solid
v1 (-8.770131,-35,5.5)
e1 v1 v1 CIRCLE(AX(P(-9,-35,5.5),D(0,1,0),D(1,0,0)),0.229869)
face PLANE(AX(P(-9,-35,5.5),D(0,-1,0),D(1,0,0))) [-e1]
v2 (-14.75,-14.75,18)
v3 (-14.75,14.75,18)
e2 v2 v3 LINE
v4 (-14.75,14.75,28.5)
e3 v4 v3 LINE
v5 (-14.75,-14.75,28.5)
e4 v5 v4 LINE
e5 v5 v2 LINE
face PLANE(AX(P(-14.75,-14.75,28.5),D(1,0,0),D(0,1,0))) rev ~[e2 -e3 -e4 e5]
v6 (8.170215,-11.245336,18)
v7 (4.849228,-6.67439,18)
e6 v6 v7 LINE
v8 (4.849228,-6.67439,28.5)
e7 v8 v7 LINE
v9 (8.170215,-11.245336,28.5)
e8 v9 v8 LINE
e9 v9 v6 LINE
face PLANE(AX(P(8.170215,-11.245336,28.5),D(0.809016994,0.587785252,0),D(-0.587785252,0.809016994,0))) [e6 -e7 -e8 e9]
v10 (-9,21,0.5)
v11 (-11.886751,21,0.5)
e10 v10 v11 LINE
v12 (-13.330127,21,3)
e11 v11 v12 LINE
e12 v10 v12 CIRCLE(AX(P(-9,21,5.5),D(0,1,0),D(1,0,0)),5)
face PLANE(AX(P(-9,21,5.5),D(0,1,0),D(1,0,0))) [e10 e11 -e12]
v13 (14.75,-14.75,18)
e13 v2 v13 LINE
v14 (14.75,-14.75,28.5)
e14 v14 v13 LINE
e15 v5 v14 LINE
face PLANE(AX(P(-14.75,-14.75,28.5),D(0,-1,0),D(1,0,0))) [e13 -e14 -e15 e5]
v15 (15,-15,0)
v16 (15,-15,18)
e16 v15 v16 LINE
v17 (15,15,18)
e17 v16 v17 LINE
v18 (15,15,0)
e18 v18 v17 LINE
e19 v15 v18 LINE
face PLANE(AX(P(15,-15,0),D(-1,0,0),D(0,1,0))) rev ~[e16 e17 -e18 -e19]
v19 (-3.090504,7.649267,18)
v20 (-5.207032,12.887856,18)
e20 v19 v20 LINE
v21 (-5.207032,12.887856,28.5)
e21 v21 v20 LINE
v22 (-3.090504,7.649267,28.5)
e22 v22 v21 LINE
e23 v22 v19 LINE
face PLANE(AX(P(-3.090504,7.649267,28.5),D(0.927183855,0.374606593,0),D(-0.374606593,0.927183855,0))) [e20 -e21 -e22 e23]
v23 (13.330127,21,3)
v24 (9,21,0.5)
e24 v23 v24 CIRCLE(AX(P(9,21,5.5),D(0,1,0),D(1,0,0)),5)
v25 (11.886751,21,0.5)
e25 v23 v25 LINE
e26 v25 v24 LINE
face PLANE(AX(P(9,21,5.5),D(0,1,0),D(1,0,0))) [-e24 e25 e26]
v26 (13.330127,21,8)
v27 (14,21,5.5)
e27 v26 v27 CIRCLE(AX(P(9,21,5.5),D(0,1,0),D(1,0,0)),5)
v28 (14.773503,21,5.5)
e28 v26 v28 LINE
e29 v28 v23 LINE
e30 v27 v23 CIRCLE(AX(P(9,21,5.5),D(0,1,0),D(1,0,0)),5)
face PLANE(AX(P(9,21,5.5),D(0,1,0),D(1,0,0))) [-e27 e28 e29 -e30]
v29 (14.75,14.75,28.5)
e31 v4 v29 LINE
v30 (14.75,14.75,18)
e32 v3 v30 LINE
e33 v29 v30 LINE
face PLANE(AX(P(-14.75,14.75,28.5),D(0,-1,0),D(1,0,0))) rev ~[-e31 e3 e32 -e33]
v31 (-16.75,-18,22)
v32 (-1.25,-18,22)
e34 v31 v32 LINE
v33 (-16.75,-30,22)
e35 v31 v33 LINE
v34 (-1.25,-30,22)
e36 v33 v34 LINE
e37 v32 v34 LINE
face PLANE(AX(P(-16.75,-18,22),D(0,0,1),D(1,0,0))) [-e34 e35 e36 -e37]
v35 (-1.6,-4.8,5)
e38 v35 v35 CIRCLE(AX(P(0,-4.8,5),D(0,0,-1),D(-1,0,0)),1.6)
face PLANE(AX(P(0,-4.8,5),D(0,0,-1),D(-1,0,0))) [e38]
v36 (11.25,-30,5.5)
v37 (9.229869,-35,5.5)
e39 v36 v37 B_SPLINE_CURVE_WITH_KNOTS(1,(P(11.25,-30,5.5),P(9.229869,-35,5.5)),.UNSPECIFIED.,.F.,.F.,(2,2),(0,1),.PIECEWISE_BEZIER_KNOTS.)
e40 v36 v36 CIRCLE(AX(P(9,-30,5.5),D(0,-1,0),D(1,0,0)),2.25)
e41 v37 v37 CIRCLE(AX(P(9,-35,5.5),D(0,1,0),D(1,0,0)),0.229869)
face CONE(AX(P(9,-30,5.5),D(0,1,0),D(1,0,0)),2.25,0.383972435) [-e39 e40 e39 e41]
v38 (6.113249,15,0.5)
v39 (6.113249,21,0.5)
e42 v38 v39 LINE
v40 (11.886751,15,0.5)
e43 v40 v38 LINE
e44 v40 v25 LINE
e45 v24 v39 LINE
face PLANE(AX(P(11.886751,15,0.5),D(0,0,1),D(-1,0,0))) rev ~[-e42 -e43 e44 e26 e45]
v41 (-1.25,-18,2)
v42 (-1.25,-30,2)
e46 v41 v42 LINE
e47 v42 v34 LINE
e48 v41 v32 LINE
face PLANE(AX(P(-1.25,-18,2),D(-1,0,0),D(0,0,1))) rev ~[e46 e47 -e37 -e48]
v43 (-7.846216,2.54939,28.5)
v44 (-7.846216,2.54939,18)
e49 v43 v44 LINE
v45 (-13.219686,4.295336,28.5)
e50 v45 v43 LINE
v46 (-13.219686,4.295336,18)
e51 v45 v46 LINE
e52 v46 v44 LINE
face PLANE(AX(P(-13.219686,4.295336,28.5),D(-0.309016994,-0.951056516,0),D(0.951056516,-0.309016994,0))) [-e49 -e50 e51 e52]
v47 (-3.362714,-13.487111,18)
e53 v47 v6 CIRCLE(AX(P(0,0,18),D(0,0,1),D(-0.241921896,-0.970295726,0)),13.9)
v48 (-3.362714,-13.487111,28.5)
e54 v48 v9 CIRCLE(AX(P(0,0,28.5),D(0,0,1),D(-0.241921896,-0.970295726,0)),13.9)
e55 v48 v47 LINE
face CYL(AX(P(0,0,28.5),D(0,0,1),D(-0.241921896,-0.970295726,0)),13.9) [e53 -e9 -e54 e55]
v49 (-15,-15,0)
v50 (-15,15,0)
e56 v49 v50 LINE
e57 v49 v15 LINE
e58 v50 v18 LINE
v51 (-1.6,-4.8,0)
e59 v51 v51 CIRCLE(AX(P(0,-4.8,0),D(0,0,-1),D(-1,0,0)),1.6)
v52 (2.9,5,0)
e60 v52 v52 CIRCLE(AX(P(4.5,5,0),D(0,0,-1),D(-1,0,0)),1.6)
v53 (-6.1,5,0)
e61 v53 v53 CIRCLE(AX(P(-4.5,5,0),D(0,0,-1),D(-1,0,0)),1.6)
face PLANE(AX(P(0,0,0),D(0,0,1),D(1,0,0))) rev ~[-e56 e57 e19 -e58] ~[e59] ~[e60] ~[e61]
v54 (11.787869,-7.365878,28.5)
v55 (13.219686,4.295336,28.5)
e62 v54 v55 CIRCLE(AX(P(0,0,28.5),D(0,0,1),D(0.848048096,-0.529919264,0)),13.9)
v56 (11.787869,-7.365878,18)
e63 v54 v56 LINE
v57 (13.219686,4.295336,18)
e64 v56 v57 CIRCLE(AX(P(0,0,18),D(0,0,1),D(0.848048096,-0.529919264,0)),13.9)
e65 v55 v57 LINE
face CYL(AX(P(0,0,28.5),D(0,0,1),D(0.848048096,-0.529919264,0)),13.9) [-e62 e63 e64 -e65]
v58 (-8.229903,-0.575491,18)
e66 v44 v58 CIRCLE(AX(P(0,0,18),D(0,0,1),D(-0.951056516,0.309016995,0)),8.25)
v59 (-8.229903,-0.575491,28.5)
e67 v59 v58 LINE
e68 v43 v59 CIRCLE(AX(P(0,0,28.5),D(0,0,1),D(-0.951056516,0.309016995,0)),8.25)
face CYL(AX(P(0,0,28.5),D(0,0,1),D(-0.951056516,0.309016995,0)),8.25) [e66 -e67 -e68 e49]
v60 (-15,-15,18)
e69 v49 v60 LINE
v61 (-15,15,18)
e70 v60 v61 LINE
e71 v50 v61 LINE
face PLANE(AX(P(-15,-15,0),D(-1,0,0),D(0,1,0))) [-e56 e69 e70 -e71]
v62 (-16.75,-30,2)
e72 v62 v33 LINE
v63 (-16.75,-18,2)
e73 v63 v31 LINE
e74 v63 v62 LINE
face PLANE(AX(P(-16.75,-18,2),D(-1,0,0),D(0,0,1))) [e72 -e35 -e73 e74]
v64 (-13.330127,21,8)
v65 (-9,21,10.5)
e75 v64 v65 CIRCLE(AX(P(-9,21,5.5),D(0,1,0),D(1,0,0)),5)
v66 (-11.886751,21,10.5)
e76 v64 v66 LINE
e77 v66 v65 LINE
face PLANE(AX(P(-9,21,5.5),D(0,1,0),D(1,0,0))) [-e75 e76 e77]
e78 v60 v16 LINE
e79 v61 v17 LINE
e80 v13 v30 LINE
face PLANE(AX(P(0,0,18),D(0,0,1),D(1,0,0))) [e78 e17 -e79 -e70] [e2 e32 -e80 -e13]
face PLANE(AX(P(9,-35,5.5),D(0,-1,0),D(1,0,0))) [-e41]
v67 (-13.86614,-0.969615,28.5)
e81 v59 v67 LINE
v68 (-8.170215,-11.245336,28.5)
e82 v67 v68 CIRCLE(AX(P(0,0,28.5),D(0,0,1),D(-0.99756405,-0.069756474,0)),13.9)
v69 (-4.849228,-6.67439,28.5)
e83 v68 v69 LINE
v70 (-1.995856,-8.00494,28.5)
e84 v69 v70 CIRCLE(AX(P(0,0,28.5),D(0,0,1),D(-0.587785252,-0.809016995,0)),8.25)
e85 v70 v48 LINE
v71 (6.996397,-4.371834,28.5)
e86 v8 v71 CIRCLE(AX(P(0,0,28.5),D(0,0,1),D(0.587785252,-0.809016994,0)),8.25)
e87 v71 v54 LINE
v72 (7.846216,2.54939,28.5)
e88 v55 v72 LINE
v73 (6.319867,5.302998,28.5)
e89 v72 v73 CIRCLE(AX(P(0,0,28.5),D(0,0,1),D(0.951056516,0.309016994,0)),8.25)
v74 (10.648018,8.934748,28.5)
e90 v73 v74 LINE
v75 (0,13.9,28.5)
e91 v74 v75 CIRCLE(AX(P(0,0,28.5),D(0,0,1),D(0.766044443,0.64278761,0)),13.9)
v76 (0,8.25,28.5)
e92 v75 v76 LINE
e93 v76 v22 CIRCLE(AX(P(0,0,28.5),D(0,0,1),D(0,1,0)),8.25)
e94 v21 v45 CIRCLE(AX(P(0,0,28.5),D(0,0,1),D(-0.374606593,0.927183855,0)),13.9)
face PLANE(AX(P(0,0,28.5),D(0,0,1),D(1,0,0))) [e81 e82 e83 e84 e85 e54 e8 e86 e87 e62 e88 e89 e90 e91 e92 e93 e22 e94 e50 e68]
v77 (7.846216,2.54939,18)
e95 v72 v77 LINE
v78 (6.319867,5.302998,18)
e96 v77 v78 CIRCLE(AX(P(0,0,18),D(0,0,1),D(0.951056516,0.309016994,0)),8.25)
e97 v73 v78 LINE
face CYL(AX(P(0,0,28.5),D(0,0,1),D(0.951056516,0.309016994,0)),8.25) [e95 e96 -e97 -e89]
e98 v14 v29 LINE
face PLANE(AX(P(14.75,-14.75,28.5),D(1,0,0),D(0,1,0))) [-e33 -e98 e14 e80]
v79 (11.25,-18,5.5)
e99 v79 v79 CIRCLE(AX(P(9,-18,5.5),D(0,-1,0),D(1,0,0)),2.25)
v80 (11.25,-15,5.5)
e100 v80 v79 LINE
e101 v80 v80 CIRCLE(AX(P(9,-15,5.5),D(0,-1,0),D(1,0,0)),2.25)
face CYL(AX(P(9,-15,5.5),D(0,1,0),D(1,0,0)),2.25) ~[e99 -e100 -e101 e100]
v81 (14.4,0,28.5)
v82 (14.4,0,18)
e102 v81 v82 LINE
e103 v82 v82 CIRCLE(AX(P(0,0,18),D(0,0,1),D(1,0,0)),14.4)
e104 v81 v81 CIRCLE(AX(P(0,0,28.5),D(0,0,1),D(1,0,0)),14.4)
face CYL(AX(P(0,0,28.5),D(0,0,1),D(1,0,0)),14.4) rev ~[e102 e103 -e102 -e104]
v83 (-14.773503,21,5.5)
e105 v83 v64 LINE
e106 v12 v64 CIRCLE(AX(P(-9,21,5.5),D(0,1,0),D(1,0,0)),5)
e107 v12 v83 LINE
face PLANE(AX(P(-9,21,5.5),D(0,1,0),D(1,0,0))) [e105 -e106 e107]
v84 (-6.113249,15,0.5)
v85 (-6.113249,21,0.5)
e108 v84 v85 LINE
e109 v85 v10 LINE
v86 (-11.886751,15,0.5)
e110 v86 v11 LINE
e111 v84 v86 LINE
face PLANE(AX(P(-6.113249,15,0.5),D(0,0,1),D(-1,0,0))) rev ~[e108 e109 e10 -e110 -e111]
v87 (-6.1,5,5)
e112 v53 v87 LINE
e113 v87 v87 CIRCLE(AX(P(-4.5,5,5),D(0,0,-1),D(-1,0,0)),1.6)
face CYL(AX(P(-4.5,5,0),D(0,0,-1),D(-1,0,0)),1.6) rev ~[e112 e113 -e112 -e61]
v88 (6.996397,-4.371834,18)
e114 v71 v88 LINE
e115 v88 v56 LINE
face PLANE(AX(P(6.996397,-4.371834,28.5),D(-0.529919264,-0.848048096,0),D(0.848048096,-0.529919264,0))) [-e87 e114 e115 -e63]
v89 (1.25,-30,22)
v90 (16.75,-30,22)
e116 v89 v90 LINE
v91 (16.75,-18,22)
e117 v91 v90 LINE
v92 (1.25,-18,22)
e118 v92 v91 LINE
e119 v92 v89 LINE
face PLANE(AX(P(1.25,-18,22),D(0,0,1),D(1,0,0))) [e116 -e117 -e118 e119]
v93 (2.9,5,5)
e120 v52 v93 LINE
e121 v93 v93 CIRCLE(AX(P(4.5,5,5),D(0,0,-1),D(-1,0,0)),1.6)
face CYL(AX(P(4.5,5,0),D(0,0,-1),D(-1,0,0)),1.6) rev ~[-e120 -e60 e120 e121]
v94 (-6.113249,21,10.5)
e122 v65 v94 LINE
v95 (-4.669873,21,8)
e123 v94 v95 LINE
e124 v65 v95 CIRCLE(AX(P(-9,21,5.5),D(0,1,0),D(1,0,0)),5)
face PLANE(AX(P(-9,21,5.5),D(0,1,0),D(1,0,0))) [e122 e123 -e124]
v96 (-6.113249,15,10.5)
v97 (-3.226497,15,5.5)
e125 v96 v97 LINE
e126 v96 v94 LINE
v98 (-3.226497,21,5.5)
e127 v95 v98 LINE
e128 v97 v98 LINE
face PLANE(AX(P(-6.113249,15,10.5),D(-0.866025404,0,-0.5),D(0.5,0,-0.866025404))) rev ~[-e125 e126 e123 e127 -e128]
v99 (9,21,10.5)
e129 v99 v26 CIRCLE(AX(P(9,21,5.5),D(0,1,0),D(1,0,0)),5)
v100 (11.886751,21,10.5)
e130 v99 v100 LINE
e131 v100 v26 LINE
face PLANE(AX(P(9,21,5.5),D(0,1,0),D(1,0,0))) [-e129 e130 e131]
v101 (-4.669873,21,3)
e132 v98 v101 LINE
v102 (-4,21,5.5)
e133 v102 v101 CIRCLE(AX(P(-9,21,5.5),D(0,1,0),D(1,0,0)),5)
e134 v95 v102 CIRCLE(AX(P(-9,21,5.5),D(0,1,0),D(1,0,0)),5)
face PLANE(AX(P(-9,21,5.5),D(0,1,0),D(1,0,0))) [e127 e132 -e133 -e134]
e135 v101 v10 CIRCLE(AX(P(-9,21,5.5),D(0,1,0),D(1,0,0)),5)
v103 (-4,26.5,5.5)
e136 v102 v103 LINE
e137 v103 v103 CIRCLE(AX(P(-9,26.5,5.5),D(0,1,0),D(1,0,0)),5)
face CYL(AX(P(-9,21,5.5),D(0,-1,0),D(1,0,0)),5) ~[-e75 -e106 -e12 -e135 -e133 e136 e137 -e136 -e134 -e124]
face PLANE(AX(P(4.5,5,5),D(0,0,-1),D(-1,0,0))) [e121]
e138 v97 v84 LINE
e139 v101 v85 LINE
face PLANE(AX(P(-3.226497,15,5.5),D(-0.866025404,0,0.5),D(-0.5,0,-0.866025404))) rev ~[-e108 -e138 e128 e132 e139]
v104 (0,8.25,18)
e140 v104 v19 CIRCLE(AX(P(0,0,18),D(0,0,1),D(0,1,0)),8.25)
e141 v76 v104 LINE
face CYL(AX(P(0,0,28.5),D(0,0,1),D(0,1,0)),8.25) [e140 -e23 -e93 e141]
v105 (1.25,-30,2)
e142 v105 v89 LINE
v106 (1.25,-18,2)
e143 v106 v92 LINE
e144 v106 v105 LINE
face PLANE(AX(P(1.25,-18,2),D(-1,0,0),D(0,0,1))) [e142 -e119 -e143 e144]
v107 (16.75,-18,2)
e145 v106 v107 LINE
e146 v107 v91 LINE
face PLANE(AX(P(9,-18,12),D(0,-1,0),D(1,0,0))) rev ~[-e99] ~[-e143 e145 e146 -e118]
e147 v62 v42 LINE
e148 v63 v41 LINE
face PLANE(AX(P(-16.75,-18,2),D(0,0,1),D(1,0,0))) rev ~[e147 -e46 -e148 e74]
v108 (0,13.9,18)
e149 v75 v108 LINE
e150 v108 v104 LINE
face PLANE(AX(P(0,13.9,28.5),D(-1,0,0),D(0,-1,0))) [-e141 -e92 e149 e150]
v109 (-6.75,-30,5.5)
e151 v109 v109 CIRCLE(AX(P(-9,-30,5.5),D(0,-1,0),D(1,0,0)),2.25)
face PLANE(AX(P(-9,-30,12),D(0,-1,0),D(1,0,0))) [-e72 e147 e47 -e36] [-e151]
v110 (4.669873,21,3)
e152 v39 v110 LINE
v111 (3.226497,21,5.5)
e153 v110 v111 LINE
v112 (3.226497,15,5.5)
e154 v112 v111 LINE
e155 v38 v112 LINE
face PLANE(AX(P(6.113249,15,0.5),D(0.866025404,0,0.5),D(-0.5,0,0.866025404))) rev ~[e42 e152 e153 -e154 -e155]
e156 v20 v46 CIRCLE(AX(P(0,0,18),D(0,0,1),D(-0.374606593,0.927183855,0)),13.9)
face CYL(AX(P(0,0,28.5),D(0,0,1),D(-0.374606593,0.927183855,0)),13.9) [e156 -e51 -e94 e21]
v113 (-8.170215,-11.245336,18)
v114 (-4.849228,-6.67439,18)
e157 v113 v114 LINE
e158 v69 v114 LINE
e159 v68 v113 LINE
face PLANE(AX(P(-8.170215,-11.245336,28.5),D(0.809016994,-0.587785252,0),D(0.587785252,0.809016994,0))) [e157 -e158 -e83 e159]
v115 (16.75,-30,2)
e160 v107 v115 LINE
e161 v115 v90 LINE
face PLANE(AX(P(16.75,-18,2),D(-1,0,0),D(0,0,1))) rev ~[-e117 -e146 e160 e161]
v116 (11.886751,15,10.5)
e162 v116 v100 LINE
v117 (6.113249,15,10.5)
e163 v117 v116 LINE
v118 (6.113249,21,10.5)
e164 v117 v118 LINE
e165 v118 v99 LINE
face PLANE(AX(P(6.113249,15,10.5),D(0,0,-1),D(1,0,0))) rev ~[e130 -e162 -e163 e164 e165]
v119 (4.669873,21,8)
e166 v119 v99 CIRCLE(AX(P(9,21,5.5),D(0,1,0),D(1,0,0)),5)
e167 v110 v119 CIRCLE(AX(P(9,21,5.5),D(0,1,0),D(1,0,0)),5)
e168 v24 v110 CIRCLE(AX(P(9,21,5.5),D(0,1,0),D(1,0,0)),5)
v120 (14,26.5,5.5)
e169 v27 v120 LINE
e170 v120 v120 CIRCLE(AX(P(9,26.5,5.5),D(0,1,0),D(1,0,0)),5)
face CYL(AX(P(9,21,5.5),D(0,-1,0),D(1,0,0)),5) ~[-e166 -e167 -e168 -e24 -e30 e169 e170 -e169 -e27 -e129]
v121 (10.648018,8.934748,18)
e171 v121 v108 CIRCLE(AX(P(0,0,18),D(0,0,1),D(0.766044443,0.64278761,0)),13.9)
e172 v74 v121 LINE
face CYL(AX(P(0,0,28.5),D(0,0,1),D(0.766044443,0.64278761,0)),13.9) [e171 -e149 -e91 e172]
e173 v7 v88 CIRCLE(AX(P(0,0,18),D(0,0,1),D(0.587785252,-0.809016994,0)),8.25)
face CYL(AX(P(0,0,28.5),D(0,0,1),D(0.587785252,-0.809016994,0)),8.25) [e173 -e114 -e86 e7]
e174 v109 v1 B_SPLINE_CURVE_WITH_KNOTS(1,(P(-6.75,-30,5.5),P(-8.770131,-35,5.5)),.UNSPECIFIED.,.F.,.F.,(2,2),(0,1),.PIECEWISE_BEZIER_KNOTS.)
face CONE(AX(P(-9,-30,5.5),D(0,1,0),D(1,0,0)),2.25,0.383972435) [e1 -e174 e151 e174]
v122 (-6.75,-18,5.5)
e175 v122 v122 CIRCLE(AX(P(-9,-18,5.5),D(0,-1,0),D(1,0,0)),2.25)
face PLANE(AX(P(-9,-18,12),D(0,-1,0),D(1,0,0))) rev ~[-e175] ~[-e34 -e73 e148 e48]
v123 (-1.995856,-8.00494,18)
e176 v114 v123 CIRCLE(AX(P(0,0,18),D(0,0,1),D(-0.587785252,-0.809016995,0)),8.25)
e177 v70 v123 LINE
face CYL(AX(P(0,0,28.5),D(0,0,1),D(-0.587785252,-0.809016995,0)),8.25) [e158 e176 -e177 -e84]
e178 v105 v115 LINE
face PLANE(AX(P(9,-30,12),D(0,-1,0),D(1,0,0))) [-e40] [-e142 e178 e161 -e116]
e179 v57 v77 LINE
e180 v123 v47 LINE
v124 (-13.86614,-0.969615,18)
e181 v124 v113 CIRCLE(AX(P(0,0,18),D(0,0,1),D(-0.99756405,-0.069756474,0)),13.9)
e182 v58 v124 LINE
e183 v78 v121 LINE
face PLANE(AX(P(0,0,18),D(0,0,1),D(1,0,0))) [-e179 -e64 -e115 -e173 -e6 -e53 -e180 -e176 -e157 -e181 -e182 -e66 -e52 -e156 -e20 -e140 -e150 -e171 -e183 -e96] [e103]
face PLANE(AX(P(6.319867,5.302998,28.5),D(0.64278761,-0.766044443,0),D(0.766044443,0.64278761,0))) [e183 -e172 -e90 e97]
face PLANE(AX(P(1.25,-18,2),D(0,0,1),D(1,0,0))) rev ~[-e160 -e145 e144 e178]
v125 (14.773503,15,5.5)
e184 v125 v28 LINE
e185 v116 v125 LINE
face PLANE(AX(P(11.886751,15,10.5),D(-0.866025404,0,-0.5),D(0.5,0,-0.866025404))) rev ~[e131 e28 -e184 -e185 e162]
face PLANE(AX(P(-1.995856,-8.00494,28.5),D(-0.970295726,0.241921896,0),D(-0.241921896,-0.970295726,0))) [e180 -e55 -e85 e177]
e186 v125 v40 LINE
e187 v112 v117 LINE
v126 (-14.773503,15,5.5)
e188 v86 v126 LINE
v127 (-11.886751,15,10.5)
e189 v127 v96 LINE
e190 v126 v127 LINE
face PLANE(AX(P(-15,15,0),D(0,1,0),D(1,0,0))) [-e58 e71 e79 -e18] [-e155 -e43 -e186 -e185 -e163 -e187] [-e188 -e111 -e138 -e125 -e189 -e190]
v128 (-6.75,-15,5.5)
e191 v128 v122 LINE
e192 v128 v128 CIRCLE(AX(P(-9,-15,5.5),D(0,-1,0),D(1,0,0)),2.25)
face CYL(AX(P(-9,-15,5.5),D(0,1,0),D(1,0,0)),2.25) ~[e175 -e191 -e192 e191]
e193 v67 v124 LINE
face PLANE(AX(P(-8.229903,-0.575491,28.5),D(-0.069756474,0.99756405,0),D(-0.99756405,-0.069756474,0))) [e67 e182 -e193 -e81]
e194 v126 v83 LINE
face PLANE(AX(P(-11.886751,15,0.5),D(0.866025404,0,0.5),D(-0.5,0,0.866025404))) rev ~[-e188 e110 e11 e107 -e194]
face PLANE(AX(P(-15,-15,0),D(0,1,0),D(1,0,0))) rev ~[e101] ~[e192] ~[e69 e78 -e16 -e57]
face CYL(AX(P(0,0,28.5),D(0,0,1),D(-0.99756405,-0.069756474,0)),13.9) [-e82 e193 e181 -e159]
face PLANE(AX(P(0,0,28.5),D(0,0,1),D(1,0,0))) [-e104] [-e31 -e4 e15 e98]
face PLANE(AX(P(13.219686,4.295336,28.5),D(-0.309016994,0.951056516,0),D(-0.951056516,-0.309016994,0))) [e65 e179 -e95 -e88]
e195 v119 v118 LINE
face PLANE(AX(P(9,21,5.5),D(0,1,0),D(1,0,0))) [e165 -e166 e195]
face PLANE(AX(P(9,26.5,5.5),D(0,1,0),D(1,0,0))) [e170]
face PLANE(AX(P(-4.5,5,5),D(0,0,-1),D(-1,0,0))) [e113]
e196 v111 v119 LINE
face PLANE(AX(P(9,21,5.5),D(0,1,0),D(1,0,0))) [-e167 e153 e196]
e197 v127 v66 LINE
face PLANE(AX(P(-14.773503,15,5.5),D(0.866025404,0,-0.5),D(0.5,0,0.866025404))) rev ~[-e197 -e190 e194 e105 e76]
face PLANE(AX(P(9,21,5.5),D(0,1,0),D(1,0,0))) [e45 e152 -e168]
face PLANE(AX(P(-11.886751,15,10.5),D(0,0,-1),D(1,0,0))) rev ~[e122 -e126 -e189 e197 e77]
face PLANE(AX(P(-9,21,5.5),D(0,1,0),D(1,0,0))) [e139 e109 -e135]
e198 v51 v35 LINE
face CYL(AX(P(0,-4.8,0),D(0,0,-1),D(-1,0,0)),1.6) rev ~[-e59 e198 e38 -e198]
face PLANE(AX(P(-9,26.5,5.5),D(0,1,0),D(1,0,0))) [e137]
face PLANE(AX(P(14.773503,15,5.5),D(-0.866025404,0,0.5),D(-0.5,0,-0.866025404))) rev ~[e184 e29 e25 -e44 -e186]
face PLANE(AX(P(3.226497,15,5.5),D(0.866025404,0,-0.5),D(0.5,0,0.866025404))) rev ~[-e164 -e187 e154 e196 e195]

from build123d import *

# Parameters (mm, degrees)
ESBO_O1_W                = 30
ESBO_O1_H                = 30
RESSALTO_EXTRUS_O1_DEPTH = 28.5
ESBO_O2_R                = 1.6
CORTE_EXTRUS_O1_DEPTH    = 5
ESBO_O3_R                = 2.25
RESSALTO_EXTRUS_O2_DEPTH = 3
ESBO_O4_W                = 15.5
ESBO_O4_H                = 20
RESSALTO_EXTRUS_O3_DEPTH = 12
ESBO_O5_R                = 2.25
RESSALTO_EXTRUS_O4_DEPTH = 5
RESSALTO_EXTRUS_O4_TAPER = 22
ESBO_O6_W                = 30
ESBO_O6_H                = 30
ESBO_O6_W_2              = 29.5
ESBO_O6_H_2              = 29.5
ESBO_O6_R                = 14.4
CORTE_EXTRUS_O2_DEPTH    = 10.5
RESSALTO_EXTRUS_O5_DEPTH = 6
ESBO_O10_R               = 5
RESSALTO_EXTRUS_O6_DEPTH = 5.5


with BuildPart() as part:
    # Esboço1 → Ressalto-extrusão1 (new body)
    with BuildSketch(Plane.XY):
        Rectangle(ESBO_O1_W, ESBO_O1_H)
    extrude(amount=RESSALTO_EXTRUS_O1_DEPTH)

    # Esboço2 → Corte-extrusão1 (cut)
    with BuildSketch(Plane(origin=(0, 0, 0), x_dir=(-1, 0, 0), z_dir=(0, 0, -1))):
        with Locations((4.5, 5)):
            Circle(ESBO_O2_R)
        with Locations((-4.5, 5)):
            Circle(ESBO_O2_R)
        with Locations((0, -4.8)):
            Circle(ESBO_O2_R)
    extrude(amount=-CORTE_EXTRUS_O1_DEPTH, mode=Mode.SUBTRACT)

    # Esboço3 → Ressalto-extrusão2 (add)
    with BuildSketch(Plane.XZ.offset(15)):
        with Locations((-9, 5.5)):
            Circle(ESBO_O3_R)
        with Locations((9, 5.5)):
            Circle(ESBO_O3_R)
    extrude(amount=RESSALTO_EXTRUS_O2_DEPTH)

    # Esboço4 → Ressalto-extrusão3 (add)
    with BuildSketch(Plane.XZ.offset(18)):
        with Locations((-9, 12)):
            Rectangle(ESBO_O4_W, ESBO_O4_H)
        with Locations((9, 12)):
            Rectangle(ESBO_O4_W, ESBO_O4_H)
    extrude(amount=RESSALTO_EXTRUS_O3_DEPTH)

    # Esboço5 → Ressalto-extrusão4 (add)
    with BuildSketch(Plane.XZ.offset(30)):
        with Locations((9, 5.5)):
            Circle(ESBO_O5_R)
        with Locations((-9, 5.5)):
            Circle(ESBO_O5_R)
    extrude(amount=RESSALTO_EXTRUS_O4_DEPTH, taper=RESSALTO_EXTRUS_O4_TAPER)

    # Esboço6 → Corte-extrusão2 (cut)
    with BuildSketch(Plane.XY.offset(28.5)):
        Rectangle(ESBO_O6_W, ESBO_O6_H)
        Rectangle(ESBO_O6_W_2, ESBO_O6_H_2, mode=Mode.SUBTRACT)
        Circle(ESBO_O6_R)
        with BuildLine():
            ThreePointArc((-7.846216259, 2.549390204), (-8.188505751, 1.005422083), (-8.229903415, -0.575490908))
            Line((-8.229903415, -0.575490908), (-13.866140299, -0.969614985))
            ThreePointArc((-13.866140299, -0.969614985), (-12.157213929, -6.738853721), (-8.170215007, -11.245336222))
            Line((-8.170215007, -11.245336222), (-4.849228331, -6.674390204))
            ThreePointArc((-4.849228331, -6.674390204), (-3.486600659, -7.477039243), (-1.995855639, -8.004939742))
            Line((-1.995855639, -8.004939742), (-3.362714349, -13.487110595))
            ThreePointArc((-3.362714349, -13.487110595), (2.652245036, -13.64461785), (8.170215007, -11.245336222))
            Line((8.170215007, -11.245336222), (4.849228331, -6.674390204))
            ThreePointArc((4.849228331, -6.674390204), (6.033668038, -5.626486471), (6.996396793, -4.37183393))
            Line((6.996396793, -4.37183393), (11.787868537, -7.365877773))
            ThreePointArc((11.787868537, -7.365877773), (13.796391508, -1.693983873), (13.219685577, 4.295336222))
            Line((13.219685577, 4.295336222), (7.846216259, 2.549390204))
            ThreePointArc((7.846216259, 2.549390204), (7.215612584, 3.999679367), (6.319866656, 5.30299778))
            Line((6.319866656, 5.30299778), (10.648017759, 8.934747775))
            ThreePointArc((10.648017759, 8.934747775), (5.874393838, 12.59767824), (0, 13.9))
            Line((0, 13.9), (0, 8.25))
            ThreePointArc((0, 8.25), (-1.574174212, 8.098424263), (-3.090504396, 7.6492668))
            Line((-3.090504396, 7.6492668), (-5.207031648, 12.887855578))
            ThreePointArc((-5.207031648, 12.887855578), (-10.165816453, 9.479777205), (-13.219685577, 4.295336222))
            Line((-13.219685577, 4.295336222), (-7.846216259, 2.549390204))
        make_face(mode=Mode.SUBTRACT)
    extrude(amount=-CORTE_EXTRUS_O2_DEPTH, mode=Mode.SUBTRACT)

    # Esboço9 → Ressalto-extrusão5 (add)
    with BuildSketch(Plane(origin=(0, 15, 0), x_dir=(1, 0, 0), z_dir=(0, 1, 0))):
        Polygon((14.773502692, -5.5), (11.886751346, -0.5), (6.113248654, -0.5), (3.226497308, -5.5), (6.113248654, -10.5), (11.886751346, -10.5), align=None)
        Polygon((-3.226497308, -5.5), (-6.113248654, -0.5), (-11.886751346, -0.5), (-14.773502692, -5.5), (-11.886751346, -10.5), (-6.113248654, -10.5), align=None)
    extrude(amount=RESSALTO_EXTRUS_O5_DEPTH)

    # Esboço10 → Ressalto-extrusão6 (add)
    with BuildSketch(Plane(origin=(0, 21, 0), x_dir=(1, 0, 0), z_dir=(0, 1, 0))):
        with Locations((-9, -5.5)):
            Circle(ESBO_O10_R)
        with Locations((9, -5.5)):
            Circle(ESBO_O10_R)
    extrude(amount=RESSALTO_EXTRUS_O6_DEPTH)


solid = part.part
